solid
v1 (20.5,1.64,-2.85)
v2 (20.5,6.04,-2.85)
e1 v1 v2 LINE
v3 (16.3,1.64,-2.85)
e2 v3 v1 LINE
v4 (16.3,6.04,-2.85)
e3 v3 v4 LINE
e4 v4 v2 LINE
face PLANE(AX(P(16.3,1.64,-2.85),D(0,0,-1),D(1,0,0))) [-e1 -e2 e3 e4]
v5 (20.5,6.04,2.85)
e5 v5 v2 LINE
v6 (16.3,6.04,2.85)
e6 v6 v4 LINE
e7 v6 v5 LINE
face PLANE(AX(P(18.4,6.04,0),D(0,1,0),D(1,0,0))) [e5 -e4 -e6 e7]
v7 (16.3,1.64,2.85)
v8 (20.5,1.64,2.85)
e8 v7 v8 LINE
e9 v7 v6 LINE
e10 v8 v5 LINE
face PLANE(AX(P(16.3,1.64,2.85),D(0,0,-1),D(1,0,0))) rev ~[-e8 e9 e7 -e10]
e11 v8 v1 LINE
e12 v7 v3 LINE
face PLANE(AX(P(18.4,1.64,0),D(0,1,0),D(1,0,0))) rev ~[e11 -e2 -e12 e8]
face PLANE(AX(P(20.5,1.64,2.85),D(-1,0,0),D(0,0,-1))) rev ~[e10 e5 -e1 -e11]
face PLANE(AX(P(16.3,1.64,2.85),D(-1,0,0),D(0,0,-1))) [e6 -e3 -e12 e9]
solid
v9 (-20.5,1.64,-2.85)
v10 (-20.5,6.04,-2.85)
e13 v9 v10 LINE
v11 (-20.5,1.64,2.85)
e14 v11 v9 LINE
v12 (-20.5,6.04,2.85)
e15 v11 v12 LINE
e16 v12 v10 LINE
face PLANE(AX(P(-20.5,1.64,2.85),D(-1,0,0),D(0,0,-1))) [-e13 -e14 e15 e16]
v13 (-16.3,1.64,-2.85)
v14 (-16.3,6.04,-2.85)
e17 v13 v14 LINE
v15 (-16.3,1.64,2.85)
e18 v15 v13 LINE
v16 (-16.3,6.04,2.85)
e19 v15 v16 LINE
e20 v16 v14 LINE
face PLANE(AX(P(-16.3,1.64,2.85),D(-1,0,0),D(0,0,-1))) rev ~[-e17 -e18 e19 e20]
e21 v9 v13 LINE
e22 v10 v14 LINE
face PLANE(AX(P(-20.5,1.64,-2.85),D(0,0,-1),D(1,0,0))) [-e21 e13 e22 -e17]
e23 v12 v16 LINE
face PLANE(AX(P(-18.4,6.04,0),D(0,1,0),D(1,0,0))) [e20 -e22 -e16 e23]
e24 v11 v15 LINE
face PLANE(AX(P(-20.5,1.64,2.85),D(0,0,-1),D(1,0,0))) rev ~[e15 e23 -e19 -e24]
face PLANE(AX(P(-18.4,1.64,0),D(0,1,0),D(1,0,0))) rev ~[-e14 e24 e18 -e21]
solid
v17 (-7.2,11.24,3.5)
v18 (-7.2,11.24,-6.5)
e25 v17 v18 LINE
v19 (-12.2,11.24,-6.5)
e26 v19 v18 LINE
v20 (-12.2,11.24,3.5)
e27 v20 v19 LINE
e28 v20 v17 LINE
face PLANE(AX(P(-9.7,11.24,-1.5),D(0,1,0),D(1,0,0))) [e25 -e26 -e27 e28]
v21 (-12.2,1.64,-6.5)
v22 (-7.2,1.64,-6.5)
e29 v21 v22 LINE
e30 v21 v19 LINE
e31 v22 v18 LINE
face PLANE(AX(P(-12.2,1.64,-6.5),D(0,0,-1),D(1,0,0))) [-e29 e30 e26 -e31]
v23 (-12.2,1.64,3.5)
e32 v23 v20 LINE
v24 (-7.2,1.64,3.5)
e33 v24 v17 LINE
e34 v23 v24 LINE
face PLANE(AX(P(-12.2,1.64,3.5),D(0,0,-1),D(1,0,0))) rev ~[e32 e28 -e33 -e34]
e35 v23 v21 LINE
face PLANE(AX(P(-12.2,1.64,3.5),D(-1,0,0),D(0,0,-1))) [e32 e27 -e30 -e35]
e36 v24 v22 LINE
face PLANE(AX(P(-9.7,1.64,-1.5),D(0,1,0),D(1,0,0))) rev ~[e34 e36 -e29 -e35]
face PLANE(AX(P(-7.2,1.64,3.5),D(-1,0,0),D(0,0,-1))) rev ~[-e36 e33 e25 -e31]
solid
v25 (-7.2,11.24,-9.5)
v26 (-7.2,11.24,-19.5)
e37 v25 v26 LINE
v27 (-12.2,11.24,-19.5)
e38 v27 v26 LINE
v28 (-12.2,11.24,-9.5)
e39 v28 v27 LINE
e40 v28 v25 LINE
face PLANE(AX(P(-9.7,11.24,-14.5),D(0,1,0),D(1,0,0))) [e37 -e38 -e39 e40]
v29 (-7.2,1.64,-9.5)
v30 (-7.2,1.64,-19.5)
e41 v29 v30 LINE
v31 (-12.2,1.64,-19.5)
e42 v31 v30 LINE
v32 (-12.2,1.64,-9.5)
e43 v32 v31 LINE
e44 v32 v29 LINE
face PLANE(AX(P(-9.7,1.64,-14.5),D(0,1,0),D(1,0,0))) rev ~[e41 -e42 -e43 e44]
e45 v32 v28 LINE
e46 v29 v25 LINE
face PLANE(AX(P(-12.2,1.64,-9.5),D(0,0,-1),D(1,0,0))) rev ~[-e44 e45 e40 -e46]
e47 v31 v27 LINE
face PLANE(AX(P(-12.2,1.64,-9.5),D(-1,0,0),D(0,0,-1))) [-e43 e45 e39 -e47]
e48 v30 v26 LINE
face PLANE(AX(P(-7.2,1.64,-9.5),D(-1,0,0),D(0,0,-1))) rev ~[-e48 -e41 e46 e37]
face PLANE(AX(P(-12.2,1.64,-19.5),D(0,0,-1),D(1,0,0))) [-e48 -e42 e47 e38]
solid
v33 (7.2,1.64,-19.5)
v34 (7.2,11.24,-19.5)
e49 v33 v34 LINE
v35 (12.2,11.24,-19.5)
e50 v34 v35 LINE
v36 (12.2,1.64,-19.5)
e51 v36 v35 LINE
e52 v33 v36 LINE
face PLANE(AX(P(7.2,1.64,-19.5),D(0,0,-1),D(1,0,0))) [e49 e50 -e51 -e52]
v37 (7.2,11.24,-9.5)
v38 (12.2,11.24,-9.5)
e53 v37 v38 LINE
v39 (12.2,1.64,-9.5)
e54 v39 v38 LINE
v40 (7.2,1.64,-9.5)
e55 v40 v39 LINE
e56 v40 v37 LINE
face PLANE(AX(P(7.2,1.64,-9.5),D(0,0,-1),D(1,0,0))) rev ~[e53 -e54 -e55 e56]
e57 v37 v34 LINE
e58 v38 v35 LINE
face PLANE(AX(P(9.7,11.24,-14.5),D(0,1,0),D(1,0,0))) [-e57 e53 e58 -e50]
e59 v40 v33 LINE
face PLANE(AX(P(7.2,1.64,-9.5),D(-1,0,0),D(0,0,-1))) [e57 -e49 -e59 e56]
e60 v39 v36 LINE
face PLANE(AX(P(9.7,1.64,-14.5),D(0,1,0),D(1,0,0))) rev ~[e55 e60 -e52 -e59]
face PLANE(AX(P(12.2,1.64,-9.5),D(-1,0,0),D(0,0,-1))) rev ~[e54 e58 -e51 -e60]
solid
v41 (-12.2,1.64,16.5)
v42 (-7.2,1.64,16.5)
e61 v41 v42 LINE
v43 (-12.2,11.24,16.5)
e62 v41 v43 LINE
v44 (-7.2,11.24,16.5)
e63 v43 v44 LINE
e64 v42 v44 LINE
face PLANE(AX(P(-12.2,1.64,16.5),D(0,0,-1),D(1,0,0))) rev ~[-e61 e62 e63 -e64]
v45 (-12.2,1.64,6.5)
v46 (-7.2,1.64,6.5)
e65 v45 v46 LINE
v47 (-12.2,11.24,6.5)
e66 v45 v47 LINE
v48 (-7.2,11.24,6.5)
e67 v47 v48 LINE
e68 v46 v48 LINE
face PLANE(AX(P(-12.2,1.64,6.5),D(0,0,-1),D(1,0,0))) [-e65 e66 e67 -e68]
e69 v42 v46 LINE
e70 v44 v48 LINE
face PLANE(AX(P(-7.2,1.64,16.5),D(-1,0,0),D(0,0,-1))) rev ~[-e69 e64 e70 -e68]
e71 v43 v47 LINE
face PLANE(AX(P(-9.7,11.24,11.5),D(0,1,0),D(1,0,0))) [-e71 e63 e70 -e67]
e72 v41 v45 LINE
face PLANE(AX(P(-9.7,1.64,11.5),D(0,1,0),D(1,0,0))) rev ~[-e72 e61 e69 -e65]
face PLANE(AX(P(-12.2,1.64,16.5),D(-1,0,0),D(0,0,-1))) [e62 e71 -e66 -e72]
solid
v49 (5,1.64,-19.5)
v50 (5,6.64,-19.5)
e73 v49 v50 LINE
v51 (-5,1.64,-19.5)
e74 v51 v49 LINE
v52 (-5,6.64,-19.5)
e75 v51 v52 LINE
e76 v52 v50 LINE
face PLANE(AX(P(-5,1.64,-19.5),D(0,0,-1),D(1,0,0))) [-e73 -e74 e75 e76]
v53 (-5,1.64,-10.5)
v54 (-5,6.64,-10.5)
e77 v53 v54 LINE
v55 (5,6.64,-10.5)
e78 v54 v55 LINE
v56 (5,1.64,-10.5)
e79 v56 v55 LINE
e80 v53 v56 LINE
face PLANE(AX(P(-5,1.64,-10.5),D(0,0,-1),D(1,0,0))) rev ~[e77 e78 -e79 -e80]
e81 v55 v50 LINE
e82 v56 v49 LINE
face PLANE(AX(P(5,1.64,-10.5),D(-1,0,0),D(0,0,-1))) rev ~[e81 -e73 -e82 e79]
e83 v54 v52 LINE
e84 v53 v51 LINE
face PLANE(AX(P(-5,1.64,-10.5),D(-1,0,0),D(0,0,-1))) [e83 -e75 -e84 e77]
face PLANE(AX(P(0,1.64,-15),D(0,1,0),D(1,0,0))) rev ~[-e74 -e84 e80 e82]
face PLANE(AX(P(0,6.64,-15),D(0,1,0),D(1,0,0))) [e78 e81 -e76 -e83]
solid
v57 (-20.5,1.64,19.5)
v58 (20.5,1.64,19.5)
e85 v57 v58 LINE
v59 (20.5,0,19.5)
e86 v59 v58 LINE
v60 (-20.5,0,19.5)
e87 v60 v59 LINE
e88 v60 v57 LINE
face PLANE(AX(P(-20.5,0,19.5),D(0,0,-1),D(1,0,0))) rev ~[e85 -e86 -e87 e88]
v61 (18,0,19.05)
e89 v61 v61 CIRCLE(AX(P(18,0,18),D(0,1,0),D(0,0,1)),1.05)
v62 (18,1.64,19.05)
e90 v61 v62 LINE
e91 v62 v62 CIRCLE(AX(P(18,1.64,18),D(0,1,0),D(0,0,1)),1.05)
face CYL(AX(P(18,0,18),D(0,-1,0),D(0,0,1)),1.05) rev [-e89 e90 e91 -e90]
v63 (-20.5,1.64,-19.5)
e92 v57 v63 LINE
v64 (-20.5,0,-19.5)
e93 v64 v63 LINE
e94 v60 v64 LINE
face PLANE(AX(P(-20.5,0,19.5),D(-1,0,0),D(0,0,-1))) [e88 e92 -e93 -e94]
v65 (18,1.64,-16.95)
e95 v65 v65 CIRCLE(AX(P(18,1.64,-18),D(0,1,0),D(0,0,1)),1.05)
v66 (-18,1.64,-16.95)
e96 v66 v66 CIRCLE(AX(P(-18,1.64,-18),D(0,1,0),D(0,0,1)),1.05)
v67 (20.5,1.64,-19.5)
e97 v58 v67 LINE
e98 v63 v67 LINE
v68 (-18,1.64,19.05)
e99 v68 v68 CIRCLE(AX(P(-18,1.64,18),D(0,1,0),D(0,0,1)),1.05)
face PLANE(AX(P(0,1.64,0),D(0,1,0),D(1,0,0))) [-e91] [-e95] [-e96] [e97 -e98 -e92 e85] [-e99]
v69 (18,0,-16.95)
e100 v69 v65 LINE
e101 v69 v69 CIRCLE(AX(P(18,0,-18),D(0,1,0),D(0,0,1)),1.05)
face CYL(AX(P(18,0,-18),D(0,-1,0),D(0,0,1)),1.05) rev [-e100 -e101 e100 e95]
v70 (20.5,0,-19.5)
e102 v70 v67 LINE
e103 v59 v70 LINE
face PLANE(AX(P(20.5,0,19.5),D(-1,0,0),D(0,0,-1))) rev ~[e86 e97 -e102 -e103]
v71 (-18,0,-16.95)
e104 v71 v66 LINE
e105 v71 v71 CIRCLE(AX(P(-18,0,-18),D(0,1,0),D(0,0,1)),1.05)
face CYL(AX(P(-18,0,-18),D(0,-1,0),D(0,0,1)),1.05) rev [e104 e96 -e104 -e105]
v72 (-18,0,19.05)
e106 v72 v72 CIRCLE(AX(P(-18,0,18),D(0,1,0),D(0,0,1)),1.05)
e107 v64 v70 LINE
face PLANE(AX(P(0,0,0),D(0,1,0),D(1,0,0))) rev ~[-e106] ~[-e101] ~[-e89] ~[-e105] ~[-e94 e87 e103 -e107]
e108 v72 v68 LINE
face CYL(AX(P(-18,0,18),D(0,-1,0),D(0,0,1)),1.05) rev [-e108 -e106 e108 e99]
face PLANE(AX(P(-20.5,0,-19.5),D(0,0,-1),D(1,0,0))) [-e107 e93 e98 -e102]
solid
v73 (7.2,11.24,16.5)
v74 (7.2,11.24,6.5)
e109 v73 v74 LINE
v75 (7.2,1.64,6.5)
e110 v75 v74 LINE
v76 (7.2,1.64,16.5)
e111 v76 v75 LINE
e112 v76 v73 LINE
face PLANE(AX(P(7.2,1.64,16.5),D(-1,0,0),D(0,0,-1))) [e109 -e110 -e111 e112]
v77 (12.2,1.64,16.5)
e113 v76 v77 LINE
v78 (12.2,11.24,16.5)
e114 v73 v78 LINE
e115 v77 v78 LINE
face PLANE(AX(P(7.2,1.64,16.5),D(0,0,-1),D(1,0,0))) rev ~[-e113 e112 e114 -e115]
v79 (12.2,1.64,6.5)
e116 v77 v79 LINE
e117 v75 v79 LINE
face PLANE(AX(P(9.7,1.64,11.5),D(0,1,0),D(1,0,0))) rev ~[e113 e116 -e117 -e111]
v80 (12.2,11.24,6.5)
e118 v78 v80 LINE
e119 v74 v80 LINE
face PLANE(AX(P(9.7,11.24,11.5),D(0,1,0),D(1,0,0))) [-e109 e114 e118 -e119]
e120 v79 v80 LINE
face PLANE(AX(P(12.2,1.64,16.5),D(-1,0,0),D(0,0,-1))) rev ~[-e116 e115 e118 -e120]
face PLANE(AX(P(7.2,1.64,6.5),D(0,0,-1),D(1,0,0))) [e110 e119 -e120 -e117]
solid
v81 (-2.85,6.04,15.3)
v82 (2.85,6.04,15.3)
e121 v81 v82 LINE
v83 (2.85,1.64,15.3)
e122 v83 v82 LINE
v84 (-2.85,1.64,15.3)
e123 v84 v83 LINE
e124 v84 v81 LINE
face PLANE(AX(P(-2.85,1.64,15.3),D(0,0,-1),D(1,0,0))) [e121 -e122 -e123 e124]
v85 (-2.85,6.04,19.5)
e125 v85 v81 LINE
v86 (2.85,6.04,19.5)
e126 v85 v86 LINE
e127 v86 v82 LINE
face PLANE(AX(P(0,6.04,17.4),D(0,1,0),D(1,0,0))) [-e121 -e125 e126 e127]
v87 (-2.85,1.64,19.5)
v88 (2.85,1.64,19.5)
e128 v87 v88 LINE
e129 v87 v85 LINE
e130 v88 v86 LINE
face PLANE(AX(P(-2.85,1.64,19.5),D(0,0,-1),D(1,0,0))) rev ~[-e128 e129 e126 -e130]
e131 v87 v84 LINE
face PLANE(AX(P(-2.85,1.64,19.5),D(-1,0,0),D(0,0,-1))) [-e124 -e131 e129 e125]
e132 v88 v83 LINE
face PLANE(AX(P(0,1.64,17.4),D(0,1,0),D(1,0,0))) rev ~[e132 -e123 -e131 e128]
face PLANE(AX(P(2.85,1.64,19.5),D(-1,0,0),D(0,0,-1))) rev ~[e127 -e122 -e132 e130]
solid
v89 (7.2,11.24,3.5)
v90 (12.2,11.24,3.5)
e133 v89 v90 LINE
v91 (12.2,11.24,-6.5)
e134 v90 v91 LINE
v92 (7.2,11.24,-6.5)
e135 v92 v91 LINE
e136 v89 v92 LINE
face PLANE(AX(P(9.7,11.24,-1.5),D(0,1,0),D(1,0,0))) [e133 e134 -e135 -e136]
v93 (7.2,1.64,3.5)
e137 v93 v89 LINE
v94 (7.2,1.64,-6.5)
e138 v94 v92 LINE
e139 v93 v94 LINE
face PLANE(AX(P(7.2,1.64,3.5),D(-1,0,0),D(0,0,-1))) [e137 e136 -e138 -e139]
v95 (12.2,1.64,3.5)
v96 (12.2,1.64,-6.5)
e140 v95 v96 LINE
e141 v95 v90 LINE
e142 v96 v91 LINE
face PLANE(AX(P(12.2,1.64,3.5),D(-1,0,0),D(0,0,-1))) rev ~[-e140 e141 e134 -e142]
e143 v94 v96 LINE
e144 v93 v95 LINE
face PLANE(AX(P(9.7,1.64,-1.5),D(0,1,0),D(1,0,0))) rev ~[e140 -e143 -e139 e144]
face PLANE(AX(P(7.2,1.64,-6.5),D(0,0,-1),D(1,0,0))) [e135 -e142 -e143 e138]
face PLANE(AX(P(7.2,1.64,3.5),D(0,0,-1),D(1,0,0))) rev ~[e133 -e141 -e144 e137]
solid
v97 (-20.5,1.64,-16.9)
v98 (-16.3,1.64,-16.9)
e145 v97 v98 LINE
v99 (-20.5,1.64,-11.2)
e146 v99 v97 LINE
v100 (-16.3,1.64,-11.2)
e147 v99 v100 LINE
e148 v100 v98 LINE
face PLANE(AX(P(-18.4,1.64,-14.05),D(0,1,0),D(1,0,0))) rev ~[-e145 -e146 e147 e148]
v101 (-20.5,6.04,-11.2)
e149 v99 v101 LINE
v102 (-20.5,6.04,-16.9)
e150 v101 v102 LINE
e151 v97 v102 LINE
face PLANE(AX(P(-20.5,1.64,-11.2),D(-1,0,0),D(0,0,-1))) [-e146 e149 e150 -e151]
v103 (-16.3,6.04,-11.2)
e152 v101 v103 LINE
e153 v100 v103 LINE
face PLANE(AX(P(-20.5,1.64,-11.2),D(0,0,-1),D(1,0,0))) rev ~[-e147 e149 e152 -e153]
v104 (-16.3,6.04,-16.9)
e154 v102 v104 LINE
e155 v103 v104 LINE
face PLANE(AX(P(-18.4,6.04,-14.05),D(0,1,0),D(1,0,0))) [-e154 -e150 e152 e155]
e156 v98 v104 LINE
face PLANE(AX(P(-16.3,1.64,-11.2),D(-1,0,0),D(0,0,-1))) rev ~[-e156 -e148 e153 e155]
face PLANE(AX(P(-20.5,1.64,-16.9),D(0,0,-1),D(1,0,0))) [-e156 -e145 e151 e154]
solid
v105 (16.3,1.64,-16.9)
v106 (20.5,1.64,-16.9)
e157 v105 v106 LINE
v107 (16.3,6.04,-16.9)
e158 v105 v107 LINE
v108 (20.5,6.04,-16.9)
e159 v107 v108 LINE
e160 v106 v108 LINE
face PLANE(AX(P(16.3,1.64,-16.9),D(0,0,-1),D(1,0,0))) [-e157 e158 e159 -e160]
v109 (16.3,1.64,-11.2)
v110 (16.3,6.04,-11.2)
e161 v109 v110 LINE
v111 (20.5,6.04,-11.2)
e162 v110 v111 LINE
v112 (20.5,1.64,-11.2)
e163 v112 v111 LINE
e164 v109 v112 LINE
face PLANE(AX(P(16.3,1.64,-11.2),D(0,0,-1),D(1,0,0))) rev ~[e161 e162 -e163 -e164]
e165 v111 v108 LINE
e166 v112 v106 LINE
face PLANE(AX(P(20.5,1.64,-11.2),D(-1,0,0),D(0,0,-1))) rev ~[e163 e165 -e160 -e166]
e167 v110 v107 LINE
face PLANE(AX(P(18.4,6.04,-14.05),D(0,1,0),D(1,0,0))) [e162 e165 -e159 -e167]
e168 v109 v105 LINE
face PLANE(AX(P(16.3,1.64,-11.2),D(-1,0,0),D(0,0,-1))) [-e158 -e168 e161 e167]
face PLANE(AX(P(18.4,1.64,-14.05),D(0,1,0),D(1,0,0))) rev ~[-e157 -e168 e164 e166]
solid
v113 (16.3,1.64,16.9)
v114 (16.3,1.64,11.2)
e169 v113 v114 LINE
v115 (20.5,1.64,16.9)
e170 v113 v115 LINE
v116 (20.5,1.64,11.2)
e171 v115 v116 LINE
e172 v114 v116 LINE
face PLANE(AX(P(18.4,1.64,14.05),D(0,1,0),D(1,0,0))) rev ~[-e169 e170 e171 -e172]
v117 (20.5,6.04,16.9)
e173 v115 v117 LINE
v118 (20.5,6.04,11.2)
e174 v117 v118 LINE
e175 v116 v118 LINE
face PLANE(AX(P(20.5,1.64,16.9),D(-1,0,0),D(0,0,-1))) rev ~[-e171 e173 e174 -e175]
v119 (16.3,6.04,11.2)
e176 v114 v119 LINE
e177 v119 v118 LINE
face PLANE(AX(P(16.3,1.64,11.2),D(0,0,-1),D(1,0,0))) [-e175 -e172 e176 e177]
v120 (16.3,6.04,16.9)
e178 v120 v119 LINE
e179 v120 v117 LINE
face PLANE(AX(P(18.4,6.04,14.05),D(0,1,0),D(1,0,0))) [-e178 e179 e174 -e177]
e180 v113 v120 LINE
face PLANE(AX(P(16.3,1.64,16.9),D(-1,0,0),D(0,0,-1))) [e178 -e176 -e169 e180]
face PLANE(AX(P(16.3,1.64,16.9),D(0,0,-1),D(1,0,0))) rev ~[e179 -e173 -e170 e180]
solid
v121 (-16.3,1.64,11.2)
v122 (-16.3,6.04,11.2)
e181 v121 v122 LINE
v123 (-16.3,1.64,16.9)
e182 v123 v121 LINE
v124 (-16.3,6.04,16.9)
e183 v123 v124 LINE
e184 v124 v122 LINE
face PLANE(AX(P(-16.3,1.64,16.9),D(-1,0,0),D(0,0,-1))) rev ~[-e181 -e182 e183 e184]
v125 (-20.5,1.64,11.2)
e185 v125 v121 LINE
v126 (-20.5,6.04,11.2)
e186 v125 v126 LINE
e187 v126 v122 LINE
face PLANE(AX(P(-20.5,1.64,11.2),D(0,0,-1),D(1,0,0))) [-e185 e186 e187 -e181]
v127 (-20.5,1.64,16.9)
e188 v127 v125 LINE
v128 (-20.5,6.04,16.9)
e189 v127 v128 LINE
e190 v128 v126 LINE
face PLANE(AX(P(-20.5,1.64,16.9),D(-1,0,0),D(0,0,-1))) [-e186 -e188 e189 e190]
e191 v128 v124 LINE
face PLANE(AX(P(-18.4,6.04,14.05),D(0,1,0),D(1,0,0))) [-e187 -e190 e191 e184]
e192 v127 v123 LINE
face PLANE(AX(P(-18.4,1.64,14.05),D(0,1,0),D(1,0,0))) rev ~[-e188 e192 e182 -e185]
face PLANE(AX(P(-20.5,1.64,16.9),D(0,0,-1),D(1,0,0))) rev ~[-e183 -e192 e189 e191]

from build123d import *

# Parameters (mm, degrees)
SKETCH_1_W        = 41
SKETCH_1_H        = 39
SKETCH_1_R        = 1.05
EXTRUDE_437_DEPTH = 1.64
SKETCH_3_W        = 10
SKETCH_3_H        = 9
XT30_DEPTH        = 5
SKETCH_4_W        = 4.2
SKETCH_4_H        = 5.7
CAN_DEPTH         = 4.4
CAN_2_DEPTH       = 4.4
CAN_3_DEPTH       = 4.4
CAN_4_DEPTH       = 4.4
CAN_5_DEPTH       = 4.4
CAN_6_DEPTH       = 4.4
SKETCH_4_W_2      = 5.7
SKETCH_4_H_2      = 4.2
CAN_7_DEPTH       = 4.4
SKETCH_5_W        = 5
SKETCH_5_H        = 10
XT30_2_DEPTH      = 9.6
XT30_2_2_DEPTH    = 9.6
XT30_2_3_DEPTH    = 9.6
XT30_2_4_DEPTH    = 9.6
XT30_2_5_DEPTH    = 9.6
XT30_2_6_DEPTH    = 9.6


with BuildPart() as part:
    # 草图1 → Extrude 437 (new body)
    with BuildSketch(Plane(origin=(0, 0, 0), x_dir=(1, 0, 0), z_dir=(0, 1, 0))):
        Rectangle(SKETCH_1_W, SKETCH_1_H)
        with Locations(Location((18, 18, 0), (0, 0, 270))):
            Circle(SKETCH_1_R, mode=Mode.SUBTRACT)
        with Locations(Location((-18, 18, 0), (0, 0, 270))):
            Circle(SKETCH_1_R, mode=Mode.SUBTRACT)
        with Locations(Location((-18, -18, 0), (0, 0, 270))):
            Circle(SKETCH_1_R, mode=Mode.SUBTRACT)
        with Locations(Location((18, -18, 0), (0, 0, 270))):
            Circle(SKETCH_1_R, mode=Mode.SUBTRACT)
    extrude(amount=EXTRUDE_437_DEPTH)


with BuildPart() as body_2:
    # 草图3 → xt30 (new body)
    with BuildSketch(Plane(origin=(0, 1.64, 0), x_dir=(1, 0, 0), z_dir=(0, 1, 0))):
        with Locations((0, 15)):
            Rectangle(SKETCH_3_W, SKETCH_3_H)
    extrude(amount=XT30_DEPTH)


with BuildPart() as body_3:
    # 草图4 → can (new body)
    with BuildSketch(Plane(origin=(0, 1.64, 0), x_dir=(1, 0, 0), z_dir=(0, 1, 0))):
        with Locations((18.4, 14.05)):
            Rectangle(SKETCH_4_W, SKETCH_4_H)
    extrude(amount=CAN_DEPTH)


with BuildPart() as body_4:
    # 草图4 → can 2 (new body)
    with BuildSketch(Plane(origin=(0, 1.64, 0), x_dir=(1, 0, 0), z_dir=(0, 1, 0))):
        with Locations((18.4, 0)):
            Rectangle(SKETCH_4_W, SKETCH_4_H)
    extrude(amount=CAN_2_DEPTH)


with BuildPart() as body_5:
    # 草图4 → can 3 (new body)
    with BuildSketch(Plane(origin=(0, 1.64, 0), x_dir=(1, 0, 0), z_dir=(0, 1, 0))):
        with Locations((18.4, -14.05)):
            Rectangle(SKETCH_4_W, SKETCH_4_H)
    extrude(amount=CAN_3_DEPTH)


with BuildPart() as body_6:
    # 草图4 → can 4 (new body)
    with BuildSketch(Plane(origin=(0, 1.64, 0), x_dir=(1, 0, 0), z_dir=(0, 1, 0))):
        with Locations((-18.4, -14.05)):
            Rectangle(SKETCH_4_W, SKETCH_4_H)
    extrude(amount=CAN_4_DEPTH)


with BuildPart() as body_7:
    # 草图4 → can 5 (new body)
    with BuildSketch(Plane(origin=(0, 1.64, 0), x_dir=(1, 0, 0), z_dir=(0, 1, 0))):
        with Locations((-18.4, 0)):
            Rectangle(SKETCH_4_W, SKETCH_4_H)
    extrude(amount=CAN_5_DEPTH)


with BuildPart() as body_8:
    # 草图4 → can 6 (new body)
    with BuildSketch(Plane(origin=(0, 1.64, 0), x_dir=(1, 0, 0), z_dir=(0, 1, 0))):
        with Locations((-18.4, 14.05)):
            Rectangle(SKETCH_4_W, SKETCH_4_H)
    extrude(amount=CAN_6_DEPTH)


with BuildPart() as body_9:
    # 草图4 → can 7 (new body)
    with BuildSketch(Plane(origin=(0, 1.64, 0), x_dir=(1, 0, 0), z_dir=(0, 1, 0))):
        with Locations((0, -17.4)):
            Rectangle(SKETCH_4_W_2, SKETCH_4_H_2)
    extrude(amount=CAN_7_DEPTH)


with BuildPart() as body_10:
    # 草图5 → xt30 2 (new body)
    with BuildSketch(Plane(origin=(0, 1.64, 0), x_dir=(1, 0, 0), z_dir=(0, 1, 0))):
        with Locations((-9.7, 14.5)):
            Rectangle(SKETCH_5_W, SKETCH_5_H)
    extrude(amount=XT30_2_DEPTH)


with BuildPart() as body_11:
    # 草图5 → xt30 2 2 (new body)
    with BuildSketch(Plane(origin=(0, 1.64, 0), x_dir=(1, 0, 0), z_dir=(0, 1, 0))):
        with Locations((-9.7, 1.5)):
            Rectangle(SKETCH_5_W, SKETCH_5_H)
    extrude(amount=XT30_2_2_DEPTH)


with BuildPart() as body_12:
    # 草图5 → xt30 2 3 (new body)
    with BuildSketch(Plane(origin=(0, 1.64, 0), x_dir=(1, 0, 0), z_dir=(0, 1, 0))):
        with Locations((-9.7, -11.5)):
            Rectangle(SKETCH_5_W, SKETCH_5_H)
    extrude(amount=XT30_2_3_DEPTH)


with BuildPart() as body_13:
    # 草图5 → xt30 2 4 (new body)
    with BuildSketch(Plane(origin=(0, 1.64, 0), x_dir=(1, 0, 0), z_dir=(0, 1, 0))):
        with Locations((9.7, -11.5)):
            Rectangle(SKETCH_5_W, SKETCH_5_H)
    extrude(amount=XT30_2_4_DEPTH)


with BuildPart() as body_14:
    # 草图5 → xt30 2 5 (new body)
    with BuildSketch(Plane(origin=(0, 1.64, 0), x_dir=(1, 0, 0), z_dir=(0, 1, 0))):
        with Locations((9.7, 1.5)):
            Rectangle(SKETCH_5_W, SKETCH_5_H)
    extrude(amount=XT30_2_5_DEPTH)


with BuildPart() as body_15:
    # 草图5 → xt30 2 6 (new body)
    with BuildSketch(Plane(origin=(0, 1.64, 0), x_dir=(1, 0, 0), z_dir=(0, 1, 0))):
        with Locations((9.7, 14.5)):
            Rectangle(SKETCH_5_W, SKETCH_5_H)
    extrude(amount=XT30_2_6_DEPTH)


solid = Compound([part.part, body_2.part, body_3.part, body_4.part, body_5.part, body_6.part, body_7.part, body_8.part, body_9.part, body_10.part, body_11.part, body_12.part, body_13.part, body_14.part, body_15.part])
